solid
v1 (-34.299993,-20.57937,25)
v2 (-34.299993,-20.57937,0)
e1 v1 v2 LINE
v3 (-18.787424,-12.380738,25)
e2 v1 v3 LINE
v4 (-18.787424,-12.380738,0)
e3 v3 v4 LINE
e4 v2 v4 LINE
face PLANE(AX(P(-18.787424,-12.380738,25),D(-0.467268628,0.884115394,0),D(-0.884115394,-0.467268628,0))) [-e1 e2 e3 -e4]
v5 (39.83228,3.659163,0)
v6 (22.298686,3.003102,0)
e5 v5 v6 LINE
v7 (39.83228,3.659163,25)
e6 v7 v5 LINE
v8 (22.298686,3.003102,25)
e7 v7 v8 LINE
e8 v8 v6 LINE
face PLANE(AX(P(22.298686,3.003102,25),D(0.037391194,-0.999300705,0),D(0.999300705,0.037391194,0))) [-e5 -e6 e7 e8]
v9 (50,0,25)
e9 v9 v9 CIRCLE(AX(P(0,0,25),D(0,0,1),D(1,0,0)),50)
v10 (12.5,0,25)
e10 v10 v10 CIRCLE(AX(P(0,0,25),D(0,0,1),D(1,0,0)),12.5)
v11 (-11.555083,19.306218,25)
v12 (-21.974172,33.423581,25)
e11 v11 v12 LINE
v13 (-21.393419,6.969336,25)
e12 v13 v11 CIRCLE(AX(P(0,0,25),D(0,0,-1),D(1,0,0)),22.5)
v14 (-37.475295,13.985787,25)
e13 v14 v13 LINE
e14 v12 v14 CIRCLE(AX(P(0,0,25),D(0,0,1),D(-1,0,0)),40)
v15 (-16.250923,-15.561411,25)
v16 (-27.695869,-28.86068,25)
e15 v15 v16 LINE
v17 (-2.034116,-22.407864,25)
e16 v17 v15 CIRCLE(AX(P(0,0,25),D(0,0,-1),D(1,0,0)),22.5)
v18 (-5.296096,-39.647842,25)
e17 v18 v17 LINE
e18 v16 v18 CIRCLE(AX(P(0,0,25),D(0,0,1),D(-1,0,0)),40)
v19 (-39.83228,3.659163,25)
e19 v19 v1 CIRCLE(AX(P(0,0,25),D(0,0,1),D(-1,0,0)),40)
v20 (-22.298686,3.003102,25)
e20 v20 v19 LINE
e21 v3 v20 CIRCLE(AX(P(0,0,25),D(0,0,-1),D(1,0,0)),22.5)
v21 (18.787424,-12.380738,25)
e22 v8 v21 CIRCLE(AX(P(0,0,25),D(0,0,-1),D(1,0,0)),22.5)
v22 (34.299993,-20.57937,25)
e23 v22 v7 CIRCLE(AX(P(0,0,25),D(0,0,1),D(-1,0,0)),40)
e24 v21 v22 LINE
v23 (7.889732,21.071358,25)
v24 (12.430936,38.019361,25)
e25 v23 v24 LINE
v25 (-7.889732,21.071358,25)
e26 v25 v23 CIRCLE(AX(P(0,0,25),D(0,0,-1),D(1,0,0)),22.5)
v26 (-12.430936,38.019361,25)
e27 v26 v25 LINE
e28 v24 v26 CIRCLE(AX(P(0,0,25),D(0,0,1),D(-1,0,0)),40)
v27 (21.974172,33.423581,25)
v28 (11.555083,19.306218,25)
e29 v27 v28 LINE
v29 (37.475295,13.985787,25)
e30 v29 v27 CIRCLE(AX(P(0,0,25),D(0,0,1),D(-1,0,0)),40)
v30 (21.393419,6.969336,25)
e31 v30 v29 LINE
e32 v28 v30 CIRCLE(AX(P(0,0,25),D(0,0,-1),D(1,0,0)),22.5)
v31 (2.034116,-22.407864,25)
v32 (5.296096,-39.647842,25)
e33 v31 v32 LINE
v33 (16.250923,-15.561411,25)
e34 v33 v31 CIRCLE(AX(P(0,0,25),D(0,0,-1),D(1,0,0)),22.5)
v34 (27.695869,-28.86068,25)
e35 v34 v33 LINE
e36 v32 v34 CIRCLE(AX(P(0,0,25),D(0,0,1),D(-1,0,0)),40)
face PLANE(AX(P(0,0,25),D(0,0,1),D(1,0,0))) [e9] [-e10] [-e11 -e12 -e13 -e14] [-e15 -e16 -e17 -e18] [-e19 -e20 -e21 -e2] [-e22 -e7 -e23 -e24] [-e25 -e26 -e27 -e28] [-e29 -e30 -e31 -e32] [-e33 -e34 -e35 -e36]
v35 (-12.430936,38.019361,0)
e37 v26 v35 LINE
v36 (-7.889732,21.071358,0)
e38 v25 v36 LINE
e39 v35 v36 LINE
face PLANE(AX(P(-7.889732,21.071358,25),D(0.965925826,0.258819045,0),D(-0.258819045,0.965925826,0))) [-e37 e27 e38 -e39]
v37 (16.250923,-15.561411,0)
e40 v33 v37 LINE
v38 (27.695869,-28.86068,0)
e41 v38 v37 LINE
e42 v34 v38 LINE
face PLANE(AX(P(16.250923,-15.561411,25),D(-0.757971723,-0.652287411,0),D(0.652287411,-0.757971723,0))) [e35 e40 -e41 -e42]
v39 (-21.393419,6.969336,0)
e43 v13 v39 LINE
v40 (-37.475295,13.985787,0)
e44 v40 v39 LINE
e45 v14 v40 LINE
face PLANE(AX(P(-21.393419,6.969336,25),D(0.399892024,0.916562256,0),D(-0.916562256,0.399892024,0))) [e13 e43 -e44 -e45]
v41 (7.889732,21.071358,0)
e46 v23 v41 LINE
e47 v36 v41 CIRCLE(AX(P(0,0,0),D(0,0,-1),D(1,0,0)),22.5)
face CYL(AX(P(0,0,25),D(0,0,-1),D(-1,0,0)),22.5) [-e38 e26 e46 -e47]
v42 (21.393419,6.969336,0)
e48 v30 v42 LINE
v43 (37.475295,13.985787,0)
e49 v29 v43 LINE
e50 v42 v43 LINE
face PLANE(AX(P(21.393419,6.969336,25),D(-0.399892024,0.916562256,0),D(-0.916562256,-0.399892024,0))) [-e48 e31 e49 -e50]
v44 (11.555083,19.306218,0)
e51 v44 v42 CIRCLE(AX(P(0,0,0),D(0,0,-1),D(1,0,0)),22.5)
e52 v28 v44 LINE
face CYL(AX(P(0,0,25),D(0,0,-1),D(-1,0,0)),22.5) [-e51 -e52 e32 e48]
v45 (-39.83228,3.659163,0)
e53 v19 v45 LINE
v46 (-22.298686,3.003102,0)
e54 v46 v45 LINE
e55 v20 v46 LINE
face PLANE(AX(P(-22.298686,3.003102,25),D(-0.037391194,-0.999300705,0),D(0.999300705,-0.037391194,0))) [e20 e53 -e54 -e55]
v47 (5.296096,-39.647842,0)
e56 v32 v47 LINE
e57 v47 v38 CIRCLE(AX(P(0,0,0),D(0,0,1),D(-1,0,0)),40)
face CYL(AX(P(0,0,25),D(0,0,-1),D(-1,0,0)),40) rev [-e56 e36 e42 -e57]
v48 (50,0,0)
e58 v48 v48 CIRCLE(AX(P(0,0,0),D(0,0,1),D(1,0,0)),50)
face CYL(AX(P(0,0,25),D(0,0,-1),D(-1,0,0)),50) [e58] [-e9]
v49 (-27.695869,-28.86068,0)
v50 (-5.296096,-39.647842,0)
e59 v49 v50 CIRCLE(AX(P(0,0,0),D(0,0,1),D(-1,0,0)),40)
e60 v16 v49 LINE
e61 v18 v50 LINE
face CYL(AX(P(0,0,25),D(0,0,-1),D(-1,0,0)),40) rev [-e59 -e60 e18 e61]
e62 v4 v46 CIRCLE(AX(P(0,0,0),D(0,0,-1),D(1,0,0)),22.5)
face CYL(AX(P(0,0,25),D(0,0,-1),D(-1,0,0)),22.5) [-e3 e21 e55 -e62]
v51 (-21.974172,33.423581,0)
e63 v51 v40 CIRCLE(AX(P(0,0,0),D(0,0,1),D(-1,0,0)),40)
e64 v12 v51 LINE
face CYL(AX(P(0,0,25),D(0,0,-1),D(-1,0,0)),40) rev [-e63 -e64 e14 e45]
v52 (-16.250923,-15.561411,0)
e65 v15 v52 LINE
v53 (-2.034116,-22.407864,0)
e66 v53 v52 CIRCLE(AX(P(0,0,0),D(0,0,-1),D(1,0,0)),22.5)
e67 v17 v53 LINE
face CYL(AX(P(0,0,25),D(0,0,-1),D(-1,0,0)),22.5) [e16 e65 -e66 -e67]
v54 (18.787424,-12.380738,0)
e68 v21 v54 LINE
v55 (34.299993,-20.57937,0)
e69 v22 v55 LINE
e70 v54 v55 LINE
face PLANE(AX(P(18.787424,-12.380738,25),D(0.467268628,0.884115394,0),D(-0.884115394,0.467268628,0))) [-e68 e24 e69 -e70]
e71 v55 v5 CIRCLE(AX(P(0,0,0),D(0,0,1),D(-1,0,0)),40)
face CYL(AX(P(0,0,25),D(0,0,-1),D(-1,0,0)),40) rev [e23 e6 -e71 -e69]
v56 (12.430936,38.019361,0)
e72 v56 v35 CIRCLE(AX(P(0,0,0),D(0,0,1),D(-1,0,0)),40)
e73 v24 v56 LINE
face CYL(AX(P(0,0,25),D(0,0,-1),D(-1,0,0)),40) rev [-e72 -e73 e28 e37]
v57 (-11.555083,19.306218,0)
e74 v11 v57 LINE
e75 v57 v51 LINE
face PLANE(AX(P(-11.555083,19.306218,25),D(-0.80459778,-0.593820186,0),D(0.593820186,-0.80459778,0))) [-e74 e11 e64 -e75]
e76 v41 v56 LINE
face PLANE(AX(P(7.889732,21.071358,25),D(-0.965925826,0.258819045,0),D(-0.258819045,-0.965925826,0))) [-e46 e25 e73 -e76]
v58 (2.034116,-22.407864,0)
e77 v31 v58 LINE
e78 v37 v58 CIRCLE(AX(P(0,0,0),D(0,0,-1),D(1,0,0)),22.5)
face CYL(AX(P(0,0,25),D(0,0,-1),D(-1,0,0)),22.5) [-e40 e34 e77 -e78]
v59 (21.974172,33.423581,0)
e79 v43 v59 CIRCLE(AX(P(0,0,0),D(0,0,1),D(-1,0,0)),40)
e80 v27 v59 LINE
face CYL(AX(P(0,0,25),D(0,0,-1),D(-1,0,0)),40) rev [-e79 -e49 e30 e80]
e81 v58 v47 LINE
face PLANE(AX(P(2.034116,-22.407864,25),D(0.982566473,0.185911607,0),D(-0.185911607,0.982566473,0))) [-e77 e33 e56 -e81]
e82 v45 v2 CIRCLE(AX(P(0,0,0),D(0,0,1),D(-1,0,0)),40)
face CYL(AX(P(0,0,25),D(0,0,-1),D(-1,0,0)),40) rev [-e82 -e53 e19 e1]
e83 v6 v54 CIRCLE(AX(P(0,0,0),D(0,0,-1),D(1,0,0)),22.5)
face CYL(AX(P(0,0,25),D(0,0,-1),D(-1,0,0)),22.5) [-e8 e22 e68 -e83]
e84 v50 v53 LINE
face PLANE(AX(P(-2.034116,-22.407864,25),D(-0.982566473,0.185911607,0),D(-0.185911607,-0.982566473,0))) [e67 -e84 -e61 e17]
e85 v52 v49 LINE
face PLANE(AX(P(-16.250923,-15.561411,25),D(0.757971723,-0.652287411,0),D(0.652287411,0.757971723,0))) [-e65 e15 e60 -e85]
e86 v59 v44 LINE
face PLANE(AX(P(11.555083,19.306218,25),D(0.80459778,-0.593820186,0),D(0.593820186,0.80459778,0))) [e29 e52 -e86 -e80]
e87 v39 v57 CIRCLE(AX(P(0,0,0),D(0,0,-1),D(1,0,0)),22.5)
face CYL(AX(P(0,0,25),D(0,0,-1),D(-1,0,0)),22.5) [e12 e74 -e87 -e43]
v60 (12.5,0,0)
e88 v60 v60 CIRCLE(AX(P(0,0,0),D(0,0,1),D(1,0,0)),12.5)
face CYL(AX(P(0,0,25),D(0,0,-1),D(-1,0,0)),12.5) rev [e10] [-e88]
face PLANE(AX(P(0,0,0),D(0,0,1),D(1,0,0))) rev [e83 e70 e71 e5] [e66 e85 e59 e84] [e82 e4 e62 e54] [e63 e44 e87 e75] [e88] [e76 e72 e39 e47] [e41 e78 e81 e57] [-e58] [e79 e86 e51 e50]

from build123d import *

# Parameters (mm, degrees)
SKETCH1_R           = 50
SKETCH1_R_2         = 12.5
BOSS_EXTRUDE1_DEPTH = 25


with BuildPart() as part:
    # Sketch1 → Boss-Extrude1 (new body)
    with BuildSketch(Plane.XY):
        Circle(SKETCH1_R)
        Circle(SKETCH1_R_2, mode=Mode.SUBTRACT)
        with BuildLine():
            Line((7.8897322, 21.071357949), (12.430935999, 38.019361254))
            ThreePointArc((12.430935999, 38.019361254), (0, 40), (-12.430935999, 38.019361254))
            Line((-12.430935999, 38.019361254), (-7.8897322, 21.071357949))
            ThreePointArc((-7.8897322, 21.071357949), (0, 22.5), (7.8897322, 21.071357949))
        make_face(mode=Mode.SUBTRACT)
        with BuildLine():
            Line((21.393418589, 6.96933577), (37.475295395, 13.985786895))
            ThreePointArc((37.475295395, 13.985786895), (31.273259299, 24.939592074), (21.974171749, 33.423581136))
            Line((21.974171749, 33.423581136), (11.555083457, 19.306217815))
            ThreePointArc((11.555083457, 19.306217815), (17.591208356, 14.028520542), (21.393418589, 6.96933577))
        make_face(mode=Mode.SUBTRACT)
        with BuildLine():
            Line((18.787424434, -12.380738392), (34.299993002, -20.579370255))
            ThreePointArc((34.299993002, -20.579370255), (38.997116487, -8.900837358), (39.832279979, 3.659162705))
            Line((39.832279979, 3.659162705), (22.29868559, 3.003101891))
            ThreePointArc((22.29868559, 3.003101891), (21.935878024, -5.006721014), (18.787424434, -12.380738392))
        make_face(mode=Mode.SUBTRACT)
        with BuildLine():
            Line((2.034116487, -22.407864024), (5.296096286, -39.64784186))
            ThreePointArc((5.296096286, -39.64784186), (17.355349565, -36.038754716), (27.695868954, -28.860679876))
            Line((27.695868954, -28.860679876), (16.250922663, -15.561411009))
            ThreePointArc((16.250922663, -15.561411009), (9.76238413, -20.271799528), (2.034116487, -22.407864024))
        make_face(mode=Mode.SUBTRACT)
        with BuildLine():
            Line((-16.250922663, -15.561411009), (-27.695868954, -28.860679876))
            ThreePointArc((-27.695868954, -28.860679876), (-17.355349565, -36.038754716), (-5.296096286, -39.64784186))
            Line((-5.296096286, -39.64784186), (-2.034116487, -22.407864024))
            ThreePointArc((-2.034116487, -22.407864024), (-9.76238413, -20.271799528), (-16.250922663, -15.561411009))
        make_face(mode=Mode.SUBTRACT)
        with BuildLine():
            Line((-22.29868559, 3.003101891), (-39.832279979, 3.659162705))
            ThreePointArc((-39.832279979, 3.659162705), (-38.997116487, -8.900837358), (-34.299993002, -20.579370255))
            Line((-34.299993002, -20.579370255), (-18.787424434, -12.380738392))
            ThreePointArc((-18.787424434, -12.380738392), (-21.935878024, -5.006721014), (-22.29868559, 3.003101891))
        make_face(mode=Mode.SUBTRACT)
        with BuildLine():
            Line((-11.555083457, 19.306217815), (-21.974171749, 33.423581136))
            ThreePointArc((-21.974171749, 33.423581136), (-31.273259299, 24.939592074), (-37.475295395, 13.985786895))
            Line((-37.475295395, 13.985786895), (-21.393418589, 6.96933577))
            ThreePointArc((-21.393418589, 6.96933577), (-17.591208356, 14.028520542), (-11.555083457, 19.306217815))
        make_face(mode=Mode.SUBTRACT)
    extrude(amount=BOSS_EXTRUDE1_DEPTH)


solid = part.part
